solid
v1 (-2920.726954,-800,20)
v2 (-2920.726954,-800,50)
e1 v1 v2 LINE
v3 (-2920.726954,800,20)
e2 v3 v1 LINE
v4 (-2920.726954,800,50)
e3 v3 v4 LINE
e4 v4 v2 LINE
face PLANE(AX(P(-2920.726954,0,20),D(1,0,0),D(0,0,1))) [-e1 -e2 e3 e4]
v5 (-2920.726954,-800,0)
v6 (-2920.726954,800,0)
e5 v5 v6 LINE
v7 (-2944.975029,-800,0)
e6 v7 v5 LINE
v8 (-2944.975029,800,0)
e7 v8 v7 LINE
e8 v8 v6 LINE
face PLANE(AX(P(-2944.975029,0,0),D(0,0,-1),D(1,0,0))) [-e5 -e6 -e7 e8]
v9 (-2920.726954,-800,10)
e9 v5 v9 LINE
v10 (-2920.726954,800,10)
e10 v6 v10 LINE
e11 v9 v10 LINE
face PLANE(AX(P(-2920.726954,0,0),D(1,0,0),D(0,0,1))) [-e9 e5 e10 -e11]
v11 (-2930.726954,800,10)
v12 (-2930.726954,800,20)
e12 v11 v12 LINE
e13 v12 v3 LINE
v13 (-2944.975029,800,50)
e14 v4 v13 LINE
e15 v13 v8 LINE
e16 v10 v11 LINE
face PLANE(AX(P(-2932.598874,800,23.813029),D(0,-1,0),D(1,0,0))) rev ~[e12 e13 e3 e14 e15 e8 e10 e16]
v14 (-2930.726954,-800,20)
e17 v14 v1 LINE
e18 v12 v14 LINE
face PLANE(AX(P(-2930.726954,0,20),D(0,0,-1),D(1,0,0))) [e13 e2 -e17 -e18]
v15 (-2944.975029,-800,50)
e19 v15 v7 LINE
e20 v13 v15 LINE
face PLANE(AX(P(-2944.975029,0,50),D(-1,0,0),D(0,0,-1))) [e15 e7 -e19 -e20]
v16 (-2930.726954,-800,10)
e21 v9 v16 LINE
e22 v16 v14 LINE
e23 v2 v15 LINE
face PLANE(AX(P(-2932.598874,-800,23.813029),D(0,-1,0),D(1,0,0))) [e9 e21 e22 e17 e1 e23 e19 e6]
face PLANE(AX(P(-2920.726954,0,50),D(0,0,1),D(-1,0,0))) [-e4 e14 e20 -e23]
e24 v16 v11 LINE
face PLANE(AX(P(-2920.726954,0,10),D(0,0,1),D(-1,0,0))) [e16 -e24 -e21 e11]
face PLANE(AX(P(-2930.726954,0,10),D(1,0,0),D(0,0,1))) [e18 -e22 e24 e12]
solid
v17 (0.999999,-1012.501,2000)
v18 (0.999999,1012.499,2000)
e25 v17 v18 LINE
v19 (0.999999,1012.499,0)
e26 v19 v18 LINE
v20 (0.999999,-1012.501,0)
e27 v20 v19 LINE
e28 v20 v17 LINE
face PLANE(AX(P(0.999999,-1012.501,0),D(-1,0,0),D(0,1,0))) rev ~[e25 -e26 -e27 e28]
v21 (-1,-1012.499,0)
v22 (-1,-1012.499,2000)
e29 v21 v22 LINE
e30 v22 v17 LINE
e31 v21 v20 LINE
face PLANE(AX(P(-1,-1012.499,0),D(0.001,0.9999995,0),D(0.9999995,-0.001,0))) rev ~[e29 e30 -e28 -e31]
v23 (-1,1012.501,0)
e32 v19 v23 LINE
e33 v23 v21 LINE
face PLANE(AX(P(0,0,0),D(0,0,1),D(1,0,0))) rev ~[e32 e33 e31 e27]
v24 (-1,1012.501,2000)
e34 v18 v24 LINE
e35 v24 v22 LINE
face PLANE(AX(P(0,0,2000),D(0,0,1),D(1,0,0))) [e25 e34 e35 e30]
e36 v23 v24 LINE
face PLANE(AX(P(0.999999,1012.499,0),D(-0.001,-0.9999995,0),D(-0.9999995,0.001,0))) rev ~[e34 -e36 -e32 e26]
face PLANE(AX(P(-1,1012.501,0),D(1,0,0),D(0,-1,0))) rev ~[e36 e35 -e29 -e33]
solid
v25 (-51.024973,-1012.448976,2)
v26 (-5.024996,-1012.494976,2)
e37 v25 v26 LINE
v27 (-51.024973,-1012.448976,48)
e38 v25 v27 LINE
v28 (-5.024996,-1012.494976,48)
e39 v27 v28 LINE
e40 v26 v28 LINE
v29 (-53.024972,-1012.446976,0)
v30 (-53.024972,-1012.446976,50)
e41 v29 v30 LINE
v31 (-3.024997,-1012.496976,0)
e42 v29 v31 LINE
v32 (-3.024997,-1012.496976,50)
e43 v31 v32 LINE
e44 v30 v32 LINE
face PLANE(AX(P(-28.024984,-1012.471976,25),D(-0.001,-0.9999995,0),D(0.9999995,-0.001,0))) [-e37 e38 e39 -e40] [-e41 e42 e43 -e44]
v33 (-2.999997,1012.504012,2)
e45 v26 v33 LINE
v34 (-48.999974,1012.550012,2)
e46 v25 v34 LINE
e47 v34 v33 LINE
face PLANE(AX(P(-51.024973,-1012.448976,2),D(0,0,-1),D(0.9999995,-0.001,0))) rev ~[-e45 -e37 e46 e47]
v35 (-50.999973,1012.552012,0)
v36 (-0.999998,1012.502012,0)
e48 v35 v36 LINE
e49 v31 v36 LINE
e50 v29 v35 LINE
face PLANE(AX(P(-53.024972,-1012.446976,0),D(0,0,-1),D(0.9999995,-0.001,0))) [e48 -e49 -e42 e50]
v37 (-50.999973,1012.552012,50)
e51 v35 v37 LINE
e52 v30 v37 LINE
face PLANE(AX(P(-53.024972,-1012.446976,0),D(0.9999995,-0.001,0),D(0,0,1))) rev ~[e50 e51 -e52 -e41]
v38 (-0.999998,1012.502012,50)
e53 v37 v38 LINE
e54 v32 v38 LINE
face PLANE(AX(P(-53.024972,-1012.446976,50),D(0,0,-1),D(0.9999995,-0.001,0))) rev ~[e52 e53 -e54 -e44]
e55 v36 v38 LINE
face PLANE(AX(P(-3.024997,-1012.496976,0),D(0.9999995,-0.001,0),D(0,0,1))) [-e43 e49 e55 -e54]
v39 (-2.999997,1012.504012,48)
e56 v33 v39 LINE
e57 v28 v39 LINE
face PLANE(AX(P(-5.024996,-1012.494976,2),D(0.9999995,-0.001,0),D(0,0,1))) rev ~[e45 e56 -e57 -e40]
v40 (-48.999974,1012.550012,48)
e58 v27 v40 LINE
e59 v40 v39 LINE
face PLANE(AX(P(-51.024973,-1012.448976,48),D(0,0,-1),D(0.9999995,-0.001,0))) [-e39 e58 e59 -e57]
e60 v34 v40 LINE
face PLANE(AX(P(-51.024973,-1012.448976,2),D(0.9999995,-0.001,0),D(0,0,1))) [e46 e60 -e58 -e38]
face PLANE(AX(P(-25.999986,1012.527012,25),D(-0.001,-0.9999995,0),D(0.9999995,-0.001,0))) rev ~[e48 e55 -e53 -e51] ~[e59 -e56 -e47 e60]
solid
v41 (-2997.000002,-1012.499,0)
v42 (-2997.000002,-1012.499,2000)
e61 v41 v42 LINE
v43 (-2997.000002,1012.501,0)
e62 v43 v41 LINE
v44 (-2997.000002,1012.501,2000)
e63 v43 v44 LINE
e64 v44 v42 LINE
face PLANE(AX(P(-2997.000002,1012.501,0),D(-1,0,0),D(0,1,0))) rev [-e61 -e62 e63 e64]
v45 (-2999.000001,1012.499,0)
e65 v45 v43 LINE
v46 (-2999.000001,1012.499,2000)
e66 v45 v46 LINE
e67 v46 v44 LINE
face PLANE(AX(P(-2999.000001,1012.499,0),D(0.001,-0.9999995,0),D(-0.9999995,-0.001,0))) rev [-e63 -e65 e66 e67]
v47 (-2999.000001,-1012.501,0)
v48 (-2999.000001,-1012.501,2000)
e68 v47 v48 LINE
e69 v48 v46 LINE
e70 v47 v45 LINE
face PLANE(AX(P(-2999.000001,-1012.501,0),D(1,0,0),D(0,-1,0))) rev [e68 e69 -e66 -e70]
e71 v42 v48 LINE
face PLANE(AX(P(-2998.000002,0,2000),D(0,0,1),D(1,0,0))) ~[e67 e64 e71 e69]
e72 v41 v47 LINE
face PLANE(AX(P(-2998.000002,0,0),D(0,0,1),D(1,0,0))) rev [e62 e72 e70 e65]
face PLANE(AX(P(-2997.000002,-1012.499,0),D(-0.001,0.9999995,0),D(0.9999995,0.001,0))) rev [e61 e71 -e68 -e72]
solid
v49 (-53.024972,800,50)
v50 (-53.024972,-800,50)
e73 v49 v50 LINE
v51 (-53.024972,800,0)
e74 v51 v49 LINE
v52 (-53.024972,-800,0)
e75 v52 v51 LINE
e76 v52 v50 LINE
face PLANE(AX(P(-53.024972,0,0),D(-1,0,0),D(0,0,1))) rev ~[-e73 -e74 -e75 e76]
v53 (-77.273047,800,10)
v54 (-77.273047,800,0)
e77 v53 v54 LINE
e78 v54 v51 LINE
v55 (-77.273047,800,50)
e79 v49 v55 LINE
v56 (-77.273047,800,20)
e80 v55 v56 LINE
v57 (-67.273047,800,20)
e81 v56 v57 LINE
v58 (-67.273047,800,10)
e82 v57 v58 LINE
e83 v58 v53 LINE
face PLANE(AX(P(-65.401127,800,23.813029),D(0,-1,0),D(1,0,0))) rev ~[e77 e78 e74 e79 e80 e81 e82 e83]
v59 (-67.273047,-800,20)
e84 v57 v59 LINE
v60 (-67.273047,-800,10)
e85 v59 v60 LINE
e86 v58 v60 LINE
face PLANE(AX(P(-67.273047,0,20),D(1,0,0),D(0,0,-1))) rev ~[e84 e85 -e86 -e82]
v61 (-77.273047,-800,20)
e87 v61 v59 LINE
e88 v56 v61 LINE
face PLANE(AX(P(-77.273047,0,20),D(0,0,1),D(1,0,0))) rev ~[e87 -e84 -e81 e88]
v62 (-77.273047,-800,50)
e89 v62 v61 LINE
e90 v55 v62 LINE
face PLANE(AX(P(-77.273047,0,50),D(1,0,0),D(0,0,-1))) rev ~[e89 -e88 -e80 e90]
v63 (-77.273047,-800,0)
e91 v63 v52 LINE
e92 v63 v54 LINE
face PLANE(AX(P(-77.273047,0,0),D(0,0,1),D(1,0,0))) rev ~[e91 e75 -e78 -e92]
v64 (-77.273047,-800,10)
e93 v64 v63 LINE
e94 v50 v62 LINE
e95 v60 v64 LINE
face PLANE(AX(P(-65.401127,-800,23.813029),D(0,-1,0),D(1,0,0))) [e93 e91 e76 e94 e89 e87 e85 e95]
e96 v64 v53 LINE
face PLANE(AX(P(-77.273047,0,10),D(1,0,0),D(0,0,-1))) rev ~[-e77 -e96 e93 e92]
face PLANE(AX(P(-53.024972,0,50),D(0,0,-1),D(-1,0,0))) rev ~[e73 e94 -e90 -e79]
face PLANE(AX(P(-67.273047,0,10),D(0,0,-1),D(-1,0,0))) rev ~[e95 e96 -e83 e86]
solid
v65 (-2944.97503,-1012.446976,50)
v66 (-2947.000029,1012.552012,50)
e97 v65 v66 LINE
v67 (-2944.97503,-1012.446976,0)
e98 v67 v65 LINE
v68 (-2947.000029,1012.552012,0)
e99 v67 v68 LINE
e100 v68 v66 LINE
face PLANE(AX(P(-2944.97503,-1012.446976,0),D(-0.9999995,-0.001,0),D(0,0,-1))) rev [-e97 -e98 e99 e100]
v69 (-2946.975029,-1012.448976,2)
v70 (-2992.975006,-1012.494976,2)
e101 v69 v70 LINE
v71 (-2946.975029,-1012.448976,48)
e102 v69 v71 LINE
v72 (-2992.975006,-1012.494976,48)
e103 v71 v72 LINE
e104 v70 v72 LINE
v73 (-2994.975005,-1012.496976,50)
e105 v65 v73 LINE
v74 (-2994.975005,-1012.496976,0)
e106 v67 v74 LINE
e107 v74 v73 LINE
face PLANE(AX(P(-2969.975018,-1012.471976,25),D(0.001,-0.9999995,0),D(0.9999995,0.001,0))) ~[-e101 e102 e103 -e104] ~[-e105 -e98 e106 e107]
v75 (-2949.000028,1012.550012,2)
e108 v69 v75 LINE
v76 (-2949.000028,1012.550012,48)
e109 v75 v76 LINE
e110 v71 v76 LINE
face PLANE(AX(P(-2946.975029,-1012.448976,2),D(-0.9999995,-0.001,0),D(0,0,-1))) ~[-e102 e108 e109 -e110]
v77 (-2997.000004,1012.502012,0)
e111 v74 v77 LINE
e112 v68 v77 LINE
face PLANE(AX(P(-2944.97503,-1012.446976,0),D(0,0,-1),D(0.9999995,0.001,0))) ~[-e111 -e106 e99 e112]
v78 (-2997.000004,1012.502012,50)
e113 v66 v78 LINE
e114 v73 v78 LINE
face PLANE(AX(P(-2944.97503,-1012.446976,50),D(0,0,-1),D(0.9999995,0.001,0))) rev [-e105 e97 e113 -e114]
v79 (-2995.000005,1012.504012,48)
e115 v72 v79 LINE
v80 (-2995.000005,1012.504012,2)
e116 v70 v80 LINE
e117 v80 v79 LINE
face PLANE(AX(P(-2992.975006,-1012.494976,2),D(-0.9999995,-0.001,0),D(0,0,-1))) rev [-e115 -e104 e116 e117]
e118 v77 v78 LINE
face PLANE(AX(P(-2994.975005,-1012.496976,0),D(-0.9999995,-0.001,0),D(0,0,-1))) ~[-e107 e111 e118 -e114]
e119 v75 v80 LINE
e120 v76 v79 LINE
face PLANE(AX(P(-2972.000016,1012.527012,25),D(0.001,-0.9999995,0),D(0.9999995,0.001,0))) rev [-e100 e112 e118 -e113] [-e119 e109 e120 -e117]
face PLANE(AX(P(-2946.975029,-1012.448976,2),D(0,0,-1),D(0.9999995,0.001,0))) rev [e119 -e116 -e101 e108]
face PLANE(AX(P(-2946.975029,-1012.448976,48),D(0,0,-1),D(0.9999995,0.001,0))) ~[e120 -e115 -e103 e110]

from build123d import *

# Parameters (mm, degrees)
F1_DEPTH = 2000
F2_W     = 50
F2_H     = 50
F2_W_2   = 46
F2_H_2   = 46
F3_DEPTH = 2025
F7_DEPTH = 800


with BuildPart() as f1:
    # F0 (on Top) → F1 (new body)
    with BuildSketch(Plane.XY):
        Polygon((0.999999, 1012.499), (-1, 1012.501), (-1, -1012.499), (0.999999, -1012.501), align=None)
    extrude(amount=F1_DEPTH)


with BuildPart() as f3:
    # F2 (on face) → F3 (new body)
    with BuildSketch(Plane(origin=(-1.012499, -1012.498988, 0), x_dir=(1, -0.001, 0), z_dir=(-0.001, -1, 0))):
        with Locations((-27.012499, 25)):
            Rectangle(F2_W, F2_H)
        with Locations((-27.012499, 25)):
            Rectangle(F2_W_2, F2_H_2, mode=Mode.SUBTRACT)
    extrude(amount=-F3_DEPTH)


with BuildPart() as f5_1:
    # F5: instance of F1
    add(f1.part.mirror(Plane(origin=(-1499.000001, -0.001, 1000), x_dir=(0, 1, 0), z_dir=(1, 0, 0))))


with BuildPart() as f5_2:
    # F5: instance of F3
    add(f3.part.mirror(Plane(origin=(-1499.000001, -0.001, 1000), x_dir=(0, 1, 0), z_dir=(1, 0, 0))))


with BuildPart() as f7:
    # F6 (on Front) → F7 (new body, symmetric)
    with BuildSketch(Plane.XZ):
        Polygon((-53.024972, 0), (-53.024972, 50), (-77.273047, 50), (-77.273047, 20), (-67.273047, 20), (-67.273047, 10), (-77.273047, 10), (-77.273047, 0), align=None)
        Polygon((-2930.726954, 10), (-2930.726954, 20), (-2920.726954, 20), (-2920.726954, 50), (-2944.975029, 50), (-2944.975029, 0), (-2920.726954, 0), (-2920.726954, 10), align=None)
    extrude(amount=F7_DEPTH, both=True)


solid = Compound([f1.part, f3.part, f5_1.part, f5_2.part, f7.part])
